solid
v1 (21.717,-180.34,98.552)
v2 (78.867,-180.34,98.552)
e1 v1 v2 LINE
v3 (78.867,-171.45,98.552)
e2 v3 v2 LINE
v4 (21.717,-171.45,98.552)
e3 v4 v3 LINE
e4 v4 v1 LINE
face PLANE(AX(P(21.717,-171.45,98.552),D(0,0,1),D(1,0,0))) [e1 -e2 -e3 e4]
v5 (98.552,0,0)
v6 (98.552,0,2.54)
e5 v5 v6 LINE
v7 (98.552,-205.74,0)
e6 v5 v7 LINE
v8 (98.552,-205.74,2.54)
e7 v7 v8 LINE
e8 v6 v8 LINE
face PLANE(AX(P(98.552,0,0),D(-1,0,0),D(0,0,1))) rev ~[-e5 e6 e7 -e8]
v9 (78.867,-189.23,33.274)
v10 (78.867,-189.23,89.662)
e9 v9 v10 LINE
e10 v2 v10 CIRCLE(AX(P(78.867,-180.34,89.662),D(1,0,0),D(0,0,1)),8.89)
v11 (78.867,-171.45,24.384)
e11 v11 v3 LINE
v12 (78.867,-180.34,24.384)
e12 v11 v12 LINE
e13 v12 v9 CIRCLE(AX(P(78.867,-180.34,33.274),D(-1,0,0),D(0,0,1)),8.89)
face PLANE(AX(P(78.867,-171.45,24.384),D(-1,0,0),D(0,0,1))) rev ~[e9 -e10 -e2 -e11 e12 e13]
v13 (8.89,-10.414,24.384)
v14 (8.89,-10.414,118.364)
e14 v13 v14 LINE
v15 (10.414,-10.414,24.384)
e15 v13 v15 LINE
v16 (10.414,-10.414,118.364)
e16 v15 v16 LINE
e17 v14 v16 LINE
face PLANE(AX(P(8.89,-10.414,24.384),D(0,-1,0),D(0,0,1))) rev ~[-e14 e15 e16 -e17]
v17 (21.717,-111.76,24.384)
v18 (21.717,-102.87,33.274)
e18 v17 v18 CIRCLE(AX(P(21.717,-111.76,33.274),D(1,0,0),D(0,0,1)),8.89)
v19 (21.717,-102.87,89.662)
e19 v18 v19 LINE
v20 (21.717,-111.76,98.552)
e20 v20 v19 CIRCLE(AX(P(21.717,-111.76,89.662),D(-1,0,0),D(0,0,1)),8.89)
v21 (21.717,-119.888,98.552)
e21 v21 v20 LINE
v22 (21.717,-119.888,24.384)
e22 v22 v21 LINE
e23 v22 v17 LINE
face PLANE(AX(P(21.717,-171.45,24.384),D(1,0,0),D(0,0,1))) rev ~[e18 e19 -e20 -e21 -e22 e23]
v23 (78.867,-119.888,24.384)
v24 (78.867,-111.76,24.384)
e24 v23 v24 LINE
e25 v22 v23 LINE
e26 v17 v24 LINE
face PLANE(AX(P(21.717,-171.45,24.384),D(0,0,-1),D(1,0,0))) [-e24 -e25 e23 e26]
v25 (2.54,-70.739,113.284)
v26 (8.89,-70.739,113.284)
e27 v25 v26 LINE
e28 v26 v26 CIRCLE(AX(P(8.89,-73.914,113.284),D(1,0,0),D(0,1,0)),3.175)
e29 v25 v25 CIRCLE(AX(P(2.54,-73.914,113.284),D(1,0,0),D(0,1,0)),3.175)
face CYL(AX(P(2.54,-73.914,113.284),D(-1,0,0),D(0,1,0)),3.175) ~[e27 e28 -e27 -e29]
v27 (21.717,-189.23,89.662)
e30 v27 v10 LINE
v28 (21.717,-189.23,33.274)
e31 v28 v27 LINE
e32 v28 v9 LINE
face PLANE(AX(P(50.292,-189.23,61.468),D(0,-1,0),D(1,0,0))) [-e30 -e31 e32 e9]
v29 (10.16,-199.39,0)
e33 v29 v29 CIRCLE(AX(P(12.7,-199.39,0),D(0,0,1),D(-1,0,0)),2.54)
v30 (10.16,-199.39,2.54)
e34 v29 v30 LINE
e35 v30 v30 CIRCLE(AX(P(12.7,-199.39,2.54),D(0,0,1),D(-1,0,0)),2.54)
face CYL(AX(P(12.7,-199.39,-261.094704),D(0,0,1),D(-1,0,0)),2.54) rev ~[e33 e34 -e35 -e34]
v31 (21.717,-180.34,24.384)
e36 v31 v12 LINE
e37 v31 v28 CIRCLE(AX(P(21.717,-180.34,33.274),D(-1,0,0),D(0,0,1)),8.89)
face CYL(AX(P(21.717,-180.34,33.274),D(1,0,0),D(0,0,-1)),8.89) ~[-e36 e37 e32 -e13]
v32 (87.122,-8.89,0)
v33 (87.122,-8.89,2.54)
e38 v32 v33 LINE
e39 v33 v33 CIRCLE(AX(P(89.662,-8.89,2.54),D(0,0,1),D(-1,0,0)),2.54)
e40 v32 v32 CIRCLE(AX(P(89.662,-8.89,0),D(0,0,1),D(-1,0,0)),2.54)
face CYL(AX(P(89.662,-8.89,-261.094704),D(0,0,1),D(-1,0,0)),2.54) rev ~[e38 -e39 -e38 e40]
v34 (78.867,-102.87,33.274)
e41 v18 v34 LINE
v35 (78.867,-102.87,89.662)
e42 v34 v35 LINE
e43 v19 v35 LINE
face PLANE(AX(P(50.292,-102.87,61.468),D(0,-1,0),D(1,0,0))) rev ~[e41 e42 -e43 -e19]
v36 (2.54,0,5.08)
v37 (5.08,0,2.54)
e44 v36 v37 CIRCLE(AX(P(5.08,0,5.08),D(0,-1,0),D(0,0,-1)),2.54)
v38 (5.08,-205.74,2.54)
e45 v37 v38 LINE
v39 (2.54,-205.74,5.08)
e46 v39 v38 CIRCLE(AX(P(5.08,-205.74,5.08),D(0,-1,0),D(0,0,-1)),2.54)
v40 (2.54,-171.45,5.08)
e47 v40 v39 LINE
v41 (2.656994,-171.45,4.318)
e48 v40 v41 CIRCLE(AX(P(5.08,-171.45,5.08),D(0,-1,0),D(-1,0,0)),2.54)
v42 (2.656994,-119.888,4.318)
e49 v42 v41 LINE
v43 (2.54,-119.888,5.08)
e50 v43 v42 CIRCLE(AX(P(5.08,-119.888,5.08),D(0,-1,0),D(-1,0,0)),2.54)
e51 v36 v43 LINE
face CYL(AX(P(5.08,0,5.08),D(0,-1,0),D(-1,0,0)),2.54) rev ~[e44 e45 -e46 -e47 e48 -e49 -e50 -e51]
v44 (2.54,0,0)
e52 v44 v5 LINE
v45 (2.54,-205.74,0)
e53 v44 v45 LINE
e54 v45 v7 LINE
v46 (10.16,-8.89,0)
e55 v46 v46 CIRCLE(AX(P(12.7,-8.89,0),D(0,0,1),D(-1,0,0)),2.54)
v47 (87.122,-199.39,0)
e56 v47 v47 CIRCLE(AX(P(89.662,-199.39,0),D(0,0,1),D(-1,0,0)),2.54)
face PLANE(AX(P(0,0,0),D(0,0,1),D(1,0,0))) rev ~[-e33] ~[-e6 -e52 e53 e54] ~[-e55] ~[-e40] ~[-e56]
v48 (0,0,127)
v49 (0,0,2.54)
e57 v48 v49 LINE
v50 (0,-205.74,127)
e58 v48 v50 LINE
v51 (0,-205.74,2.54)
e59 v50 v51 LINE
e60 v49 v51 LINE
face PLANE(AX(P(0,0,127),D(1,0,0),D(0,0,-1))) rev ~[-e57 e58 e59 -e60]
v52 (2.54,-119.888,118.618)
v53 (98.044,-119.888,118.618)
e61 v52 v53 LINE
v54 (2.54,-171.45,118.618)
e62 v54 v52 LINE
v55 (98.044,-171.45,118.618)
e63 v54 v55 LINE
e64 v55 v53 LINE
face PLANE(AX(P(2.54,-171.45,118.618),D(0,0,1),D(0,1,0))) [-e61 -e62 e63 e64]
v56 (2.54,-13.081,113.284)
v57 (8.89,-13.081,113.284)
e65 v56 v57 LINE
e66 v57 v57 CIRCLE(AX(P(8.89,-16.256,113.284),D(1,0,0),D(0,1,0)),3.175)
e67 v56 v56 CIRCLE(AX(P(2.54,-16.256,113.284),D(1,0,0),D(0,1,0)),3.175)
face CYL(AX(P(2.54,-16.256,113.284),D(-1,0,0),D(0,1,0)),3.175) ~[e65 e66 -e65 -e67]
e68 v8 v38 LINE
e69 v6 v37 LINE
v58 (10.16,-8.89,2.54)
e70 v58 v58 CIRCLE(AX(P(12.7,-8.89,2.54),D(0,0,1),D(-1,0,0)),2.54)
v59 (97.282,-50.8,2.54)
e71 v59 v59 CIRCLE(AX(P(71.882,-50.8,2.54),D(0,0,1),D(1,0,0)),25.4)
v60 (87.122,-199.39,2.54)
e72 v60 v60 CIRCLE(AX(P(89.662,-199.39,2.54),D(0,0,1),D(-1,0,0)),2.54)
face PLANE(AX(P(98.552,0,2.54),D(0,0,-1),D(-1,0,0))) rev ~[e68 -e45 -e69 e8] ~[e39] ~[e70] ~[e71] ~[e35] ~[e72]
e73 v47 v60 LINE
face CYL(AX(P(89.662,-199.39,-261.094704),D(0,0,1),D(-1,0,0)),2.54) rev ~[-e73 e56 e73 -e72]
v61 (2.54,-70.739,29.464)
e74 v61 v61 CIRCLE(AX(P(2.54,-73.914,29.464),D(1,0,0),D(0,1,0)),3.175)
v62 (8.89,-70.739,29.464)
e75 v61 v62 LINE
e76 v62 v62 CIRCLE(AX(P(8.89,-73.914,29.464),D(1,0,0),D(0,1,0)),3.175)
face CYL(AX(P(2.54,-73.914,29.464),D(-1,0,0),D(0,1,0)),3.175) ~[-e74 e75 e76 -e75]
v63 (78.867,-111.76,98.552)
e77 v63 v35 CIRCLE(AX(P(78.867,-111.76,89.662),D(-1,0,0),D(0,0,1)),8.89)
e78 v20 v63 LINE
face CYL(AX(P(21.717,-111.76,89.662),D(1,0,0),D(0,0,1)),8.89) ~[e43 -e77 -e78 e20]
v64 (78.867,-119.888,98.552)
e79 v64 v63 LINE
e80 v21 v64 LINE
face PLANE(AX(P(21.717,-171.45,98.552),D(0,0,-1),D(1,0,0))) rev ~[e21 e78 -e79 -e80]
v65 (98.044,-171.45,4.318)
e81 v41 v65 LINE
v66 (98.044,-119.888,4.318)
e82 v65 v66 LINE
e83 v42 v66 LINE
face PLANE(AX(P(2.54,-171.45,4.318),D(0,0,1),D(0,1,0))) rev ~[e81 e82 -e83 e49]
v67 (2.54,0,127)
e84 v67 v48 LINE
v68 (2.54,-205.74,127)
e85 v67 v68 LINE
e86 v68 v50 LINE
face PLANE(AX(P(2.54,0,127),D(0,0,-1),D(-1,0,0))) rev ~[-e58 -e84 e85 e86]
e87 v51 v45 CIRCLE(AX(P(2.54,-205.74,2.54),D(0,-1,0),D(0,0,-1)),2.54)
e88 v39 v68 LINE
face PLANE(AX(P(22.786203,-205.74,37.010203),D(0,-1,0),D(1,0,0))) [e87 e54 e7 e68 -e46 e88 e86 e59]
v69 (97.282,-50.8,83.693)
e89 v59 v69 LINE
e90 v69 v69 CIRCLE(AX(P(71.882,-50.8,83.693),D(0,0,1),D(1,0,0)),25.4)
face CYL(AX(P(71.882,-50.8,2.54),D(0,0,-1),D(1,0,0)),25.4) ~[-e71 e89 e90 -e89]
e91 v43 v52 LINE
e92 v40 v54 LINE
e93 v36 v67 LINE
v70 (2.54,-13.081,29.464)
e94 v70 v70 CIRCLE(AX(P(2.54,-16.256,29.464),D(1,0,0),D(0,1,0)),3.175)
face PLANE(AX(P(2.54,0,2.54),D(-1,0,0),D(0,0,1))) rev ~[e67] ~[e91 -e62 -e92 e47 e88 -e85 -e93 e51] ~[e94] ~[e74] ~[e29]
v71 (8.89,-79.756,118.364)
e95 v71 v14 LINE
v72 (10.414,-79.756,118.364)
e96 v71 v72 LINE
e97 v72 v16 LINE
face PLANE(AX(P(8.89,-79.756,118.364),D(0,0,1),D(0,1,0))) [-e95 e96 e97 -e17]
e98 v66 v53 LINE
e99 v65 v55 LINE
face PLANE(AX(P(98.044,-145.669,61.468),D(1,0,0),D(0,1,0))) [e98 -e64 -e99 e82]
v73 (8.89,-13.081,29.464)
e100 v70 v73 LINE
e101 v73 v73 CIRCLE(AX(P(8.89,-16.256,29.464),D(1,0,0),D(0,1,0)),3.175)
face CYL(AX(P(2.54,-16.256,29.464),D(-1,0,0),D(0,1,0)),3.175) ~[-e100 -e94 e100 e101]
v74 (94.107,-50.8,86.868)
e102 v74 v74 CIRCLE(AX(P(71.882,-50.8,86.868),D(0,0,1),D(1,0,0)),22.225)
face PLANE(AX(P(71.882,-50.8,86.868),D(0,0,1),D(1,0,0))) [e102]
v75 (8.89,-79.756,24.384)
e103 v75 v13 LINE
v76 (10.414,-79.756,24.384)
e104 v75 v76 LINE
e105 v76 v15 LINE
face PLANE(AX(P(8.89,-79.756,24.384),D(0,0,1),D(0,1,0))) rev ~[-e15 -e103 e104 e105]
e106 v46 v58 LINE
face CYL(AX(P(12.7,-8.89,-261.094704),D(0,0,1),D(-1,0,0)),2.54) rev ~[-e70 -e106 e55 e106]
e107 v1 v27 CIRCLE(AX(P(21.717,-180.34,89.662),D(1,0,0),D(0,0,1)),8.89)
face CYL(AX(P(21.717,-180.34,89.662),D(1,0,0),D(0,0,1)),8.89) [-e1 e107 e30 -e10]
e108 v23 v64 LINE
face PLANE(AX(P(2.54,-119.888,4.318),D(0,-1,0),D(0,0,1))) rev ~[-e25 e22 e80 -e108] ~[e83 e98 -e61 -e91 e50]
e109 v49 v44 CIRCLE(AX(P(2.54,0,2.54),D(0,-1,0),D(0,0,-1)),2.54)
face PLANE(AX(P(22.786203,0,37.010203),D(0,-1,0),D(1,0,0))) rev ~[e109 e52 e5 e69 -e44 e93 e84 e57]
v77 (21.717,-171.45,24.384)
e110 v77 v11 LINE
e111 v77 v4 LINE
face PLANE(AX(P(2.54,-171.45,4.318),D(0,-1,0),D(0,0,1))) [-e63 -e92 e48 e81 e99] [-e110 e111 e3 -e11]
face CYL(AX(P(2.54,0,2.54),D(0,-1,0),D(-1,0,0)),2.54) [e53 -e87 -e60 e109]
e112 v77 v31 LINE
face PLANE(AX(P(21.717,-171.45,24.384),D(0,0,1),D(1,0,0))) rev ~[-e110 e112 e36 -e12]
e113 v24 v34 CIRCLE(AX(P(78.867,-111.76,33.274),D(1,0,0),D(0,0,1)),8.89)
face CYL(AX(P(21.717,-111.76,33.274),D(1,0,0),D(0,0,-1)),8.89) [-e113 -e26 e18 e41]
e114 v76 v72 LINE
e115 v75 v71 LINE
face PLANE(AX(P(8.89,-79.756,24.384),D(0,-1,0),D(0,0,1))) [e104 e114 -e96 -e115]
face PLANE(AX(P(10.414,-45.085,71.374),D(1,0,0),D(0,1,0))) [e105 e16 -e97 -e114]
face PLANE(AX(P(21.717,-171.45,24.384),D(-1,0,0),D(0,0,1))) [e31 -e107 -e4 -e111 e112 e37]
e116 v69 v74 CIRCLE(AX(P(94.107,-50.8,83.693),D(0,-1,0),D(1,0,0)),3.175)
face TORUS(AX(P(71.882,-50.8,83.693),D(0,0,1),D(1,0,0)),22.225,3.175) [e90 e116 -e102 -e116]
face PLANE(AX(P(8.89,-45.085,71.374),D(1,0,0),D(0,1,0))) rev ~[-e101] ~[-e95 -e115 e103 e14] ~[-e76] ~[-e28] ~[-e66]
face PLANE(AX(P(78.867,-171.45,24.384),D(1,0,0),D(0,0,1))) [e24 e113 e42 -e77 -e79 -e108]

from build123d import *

# Parameters (mm, degrees)
F1_DEPTH      = 205.74
F3_D          = 5.08
F4_R          = 2.54
F5_W          = 51.562
F5_H          = 114.3
F6_DEPTH      = 95.504
F7_W          = 57.15
F7_H          = 74.168
F8_DEPTH      = 17.78
F8_DEPTH_BACK = 68.58
F9_R          = 25.4
F10_DEPTH     = 84.328
F11_R         = 3.175
F12_R         = 8.89
F13_R         = 3.175
F14_DEPTH     = 6.35
F15_W         = 69.342
F15_H         = 93.98
F16_DEPTH     = 1.524


with BuildPart() as f1:
    # F0 (on Front) → F1 (new body)
    with BuildSketch(Plane.XZ):
        Polygon((0, 127), (0, 0), (98.552, 0), (98.552, 2.54), (2.54, 2.54), (2.54, 127), align=None)
    extrude(amount=F1_DEPTH)

    # F3 (through all)
    with Locations(Plane(origin=(0, 0, 0), x_dir=(1, 0, 0), z_dir=(0, 0, -1))):
        with Locations((12.7, 199.39), (89.662, 199.39), (89.662, 8.89), (12.7, 8.89)):
            Hole(F3_D / 2)

    # F4
    f4_edges = [f1.edges().sort_by_distance(p)[0] for p in [
        (0, -102.87, 0),
        (2.54, -102.87, 2.54),
    ]]
    fillet(f4_edges, radius=F4_R)

    # F5 (on face) → F6 (join)
    with BuildSketch(Plane.YZ.offset(2.54)):
        with Locations((-145.669, 61.468)):
            Rectangle(F5_W, F5_H)
    extrude(amount=F6_DEPTH)

    # F7 (on face) → F8 (join, two sides)
    with BuildSketch(Plane.XZ.offset(171.45)) as f8_sk:
        with Locations((50.292, 61.468)):
            Rectangle(F7_W, F7_H)
    extrude(amount=F8_DEPTH)
    extrude(f8_sk.sketch, amount=-F8_DEPTH_BACK)

    # F9 (on face) → F10 (join)
    with BuildSketch(Plane.XY.offset(2.54)):
        with Locations((71.882, -50.8)):
            Circle(F9_R)
    extrude(amount=F10_DEPTH)

    # F11
    f11_edges = [f1.edges().sort_by_distance(p)[0] for p in [
        (46.482, -50.8, 86.868),
    ]]
    fillet(f11_edges, radius=F11_R)

    # F12
    f12_edges = [f1.edges().sort_by_distance(p)[0] for p in [
        (50.292, -189.23, 98.552),
        (50.292, -189.23, 24.384),
        (50.292, -102.87, 98.552),
        (50.292, -102.87, 24.384),
    ]]
    fillet(f12_edges, radius=F12_R)

    # F13 (on face) → F14 (join)
    with BuildSketch(Plane.YZ.offset(2.54)):
        with Locations((-73.914, 113.284)):
            Circle(F13_R)
        with Locations((-16.256, 113.284)):
            Circle(F13_R)
        with Locations((-16.256, 29.464)):
            Circle(F13_R)
        with Locations((-73.914, 29.464)):
            Circle(F13_R)
    extrude(amount=F14_DEPTH)

    # F15 (on face) → F16 (join)
    with BuildSketch(Plane.YZ.offset(8.89)):
        with Locations((-45.085, 71.374)):
            Rectangle(F15_W, F15_H)
    extrude(amount=F16_DEPTH)


solid = f1.part
